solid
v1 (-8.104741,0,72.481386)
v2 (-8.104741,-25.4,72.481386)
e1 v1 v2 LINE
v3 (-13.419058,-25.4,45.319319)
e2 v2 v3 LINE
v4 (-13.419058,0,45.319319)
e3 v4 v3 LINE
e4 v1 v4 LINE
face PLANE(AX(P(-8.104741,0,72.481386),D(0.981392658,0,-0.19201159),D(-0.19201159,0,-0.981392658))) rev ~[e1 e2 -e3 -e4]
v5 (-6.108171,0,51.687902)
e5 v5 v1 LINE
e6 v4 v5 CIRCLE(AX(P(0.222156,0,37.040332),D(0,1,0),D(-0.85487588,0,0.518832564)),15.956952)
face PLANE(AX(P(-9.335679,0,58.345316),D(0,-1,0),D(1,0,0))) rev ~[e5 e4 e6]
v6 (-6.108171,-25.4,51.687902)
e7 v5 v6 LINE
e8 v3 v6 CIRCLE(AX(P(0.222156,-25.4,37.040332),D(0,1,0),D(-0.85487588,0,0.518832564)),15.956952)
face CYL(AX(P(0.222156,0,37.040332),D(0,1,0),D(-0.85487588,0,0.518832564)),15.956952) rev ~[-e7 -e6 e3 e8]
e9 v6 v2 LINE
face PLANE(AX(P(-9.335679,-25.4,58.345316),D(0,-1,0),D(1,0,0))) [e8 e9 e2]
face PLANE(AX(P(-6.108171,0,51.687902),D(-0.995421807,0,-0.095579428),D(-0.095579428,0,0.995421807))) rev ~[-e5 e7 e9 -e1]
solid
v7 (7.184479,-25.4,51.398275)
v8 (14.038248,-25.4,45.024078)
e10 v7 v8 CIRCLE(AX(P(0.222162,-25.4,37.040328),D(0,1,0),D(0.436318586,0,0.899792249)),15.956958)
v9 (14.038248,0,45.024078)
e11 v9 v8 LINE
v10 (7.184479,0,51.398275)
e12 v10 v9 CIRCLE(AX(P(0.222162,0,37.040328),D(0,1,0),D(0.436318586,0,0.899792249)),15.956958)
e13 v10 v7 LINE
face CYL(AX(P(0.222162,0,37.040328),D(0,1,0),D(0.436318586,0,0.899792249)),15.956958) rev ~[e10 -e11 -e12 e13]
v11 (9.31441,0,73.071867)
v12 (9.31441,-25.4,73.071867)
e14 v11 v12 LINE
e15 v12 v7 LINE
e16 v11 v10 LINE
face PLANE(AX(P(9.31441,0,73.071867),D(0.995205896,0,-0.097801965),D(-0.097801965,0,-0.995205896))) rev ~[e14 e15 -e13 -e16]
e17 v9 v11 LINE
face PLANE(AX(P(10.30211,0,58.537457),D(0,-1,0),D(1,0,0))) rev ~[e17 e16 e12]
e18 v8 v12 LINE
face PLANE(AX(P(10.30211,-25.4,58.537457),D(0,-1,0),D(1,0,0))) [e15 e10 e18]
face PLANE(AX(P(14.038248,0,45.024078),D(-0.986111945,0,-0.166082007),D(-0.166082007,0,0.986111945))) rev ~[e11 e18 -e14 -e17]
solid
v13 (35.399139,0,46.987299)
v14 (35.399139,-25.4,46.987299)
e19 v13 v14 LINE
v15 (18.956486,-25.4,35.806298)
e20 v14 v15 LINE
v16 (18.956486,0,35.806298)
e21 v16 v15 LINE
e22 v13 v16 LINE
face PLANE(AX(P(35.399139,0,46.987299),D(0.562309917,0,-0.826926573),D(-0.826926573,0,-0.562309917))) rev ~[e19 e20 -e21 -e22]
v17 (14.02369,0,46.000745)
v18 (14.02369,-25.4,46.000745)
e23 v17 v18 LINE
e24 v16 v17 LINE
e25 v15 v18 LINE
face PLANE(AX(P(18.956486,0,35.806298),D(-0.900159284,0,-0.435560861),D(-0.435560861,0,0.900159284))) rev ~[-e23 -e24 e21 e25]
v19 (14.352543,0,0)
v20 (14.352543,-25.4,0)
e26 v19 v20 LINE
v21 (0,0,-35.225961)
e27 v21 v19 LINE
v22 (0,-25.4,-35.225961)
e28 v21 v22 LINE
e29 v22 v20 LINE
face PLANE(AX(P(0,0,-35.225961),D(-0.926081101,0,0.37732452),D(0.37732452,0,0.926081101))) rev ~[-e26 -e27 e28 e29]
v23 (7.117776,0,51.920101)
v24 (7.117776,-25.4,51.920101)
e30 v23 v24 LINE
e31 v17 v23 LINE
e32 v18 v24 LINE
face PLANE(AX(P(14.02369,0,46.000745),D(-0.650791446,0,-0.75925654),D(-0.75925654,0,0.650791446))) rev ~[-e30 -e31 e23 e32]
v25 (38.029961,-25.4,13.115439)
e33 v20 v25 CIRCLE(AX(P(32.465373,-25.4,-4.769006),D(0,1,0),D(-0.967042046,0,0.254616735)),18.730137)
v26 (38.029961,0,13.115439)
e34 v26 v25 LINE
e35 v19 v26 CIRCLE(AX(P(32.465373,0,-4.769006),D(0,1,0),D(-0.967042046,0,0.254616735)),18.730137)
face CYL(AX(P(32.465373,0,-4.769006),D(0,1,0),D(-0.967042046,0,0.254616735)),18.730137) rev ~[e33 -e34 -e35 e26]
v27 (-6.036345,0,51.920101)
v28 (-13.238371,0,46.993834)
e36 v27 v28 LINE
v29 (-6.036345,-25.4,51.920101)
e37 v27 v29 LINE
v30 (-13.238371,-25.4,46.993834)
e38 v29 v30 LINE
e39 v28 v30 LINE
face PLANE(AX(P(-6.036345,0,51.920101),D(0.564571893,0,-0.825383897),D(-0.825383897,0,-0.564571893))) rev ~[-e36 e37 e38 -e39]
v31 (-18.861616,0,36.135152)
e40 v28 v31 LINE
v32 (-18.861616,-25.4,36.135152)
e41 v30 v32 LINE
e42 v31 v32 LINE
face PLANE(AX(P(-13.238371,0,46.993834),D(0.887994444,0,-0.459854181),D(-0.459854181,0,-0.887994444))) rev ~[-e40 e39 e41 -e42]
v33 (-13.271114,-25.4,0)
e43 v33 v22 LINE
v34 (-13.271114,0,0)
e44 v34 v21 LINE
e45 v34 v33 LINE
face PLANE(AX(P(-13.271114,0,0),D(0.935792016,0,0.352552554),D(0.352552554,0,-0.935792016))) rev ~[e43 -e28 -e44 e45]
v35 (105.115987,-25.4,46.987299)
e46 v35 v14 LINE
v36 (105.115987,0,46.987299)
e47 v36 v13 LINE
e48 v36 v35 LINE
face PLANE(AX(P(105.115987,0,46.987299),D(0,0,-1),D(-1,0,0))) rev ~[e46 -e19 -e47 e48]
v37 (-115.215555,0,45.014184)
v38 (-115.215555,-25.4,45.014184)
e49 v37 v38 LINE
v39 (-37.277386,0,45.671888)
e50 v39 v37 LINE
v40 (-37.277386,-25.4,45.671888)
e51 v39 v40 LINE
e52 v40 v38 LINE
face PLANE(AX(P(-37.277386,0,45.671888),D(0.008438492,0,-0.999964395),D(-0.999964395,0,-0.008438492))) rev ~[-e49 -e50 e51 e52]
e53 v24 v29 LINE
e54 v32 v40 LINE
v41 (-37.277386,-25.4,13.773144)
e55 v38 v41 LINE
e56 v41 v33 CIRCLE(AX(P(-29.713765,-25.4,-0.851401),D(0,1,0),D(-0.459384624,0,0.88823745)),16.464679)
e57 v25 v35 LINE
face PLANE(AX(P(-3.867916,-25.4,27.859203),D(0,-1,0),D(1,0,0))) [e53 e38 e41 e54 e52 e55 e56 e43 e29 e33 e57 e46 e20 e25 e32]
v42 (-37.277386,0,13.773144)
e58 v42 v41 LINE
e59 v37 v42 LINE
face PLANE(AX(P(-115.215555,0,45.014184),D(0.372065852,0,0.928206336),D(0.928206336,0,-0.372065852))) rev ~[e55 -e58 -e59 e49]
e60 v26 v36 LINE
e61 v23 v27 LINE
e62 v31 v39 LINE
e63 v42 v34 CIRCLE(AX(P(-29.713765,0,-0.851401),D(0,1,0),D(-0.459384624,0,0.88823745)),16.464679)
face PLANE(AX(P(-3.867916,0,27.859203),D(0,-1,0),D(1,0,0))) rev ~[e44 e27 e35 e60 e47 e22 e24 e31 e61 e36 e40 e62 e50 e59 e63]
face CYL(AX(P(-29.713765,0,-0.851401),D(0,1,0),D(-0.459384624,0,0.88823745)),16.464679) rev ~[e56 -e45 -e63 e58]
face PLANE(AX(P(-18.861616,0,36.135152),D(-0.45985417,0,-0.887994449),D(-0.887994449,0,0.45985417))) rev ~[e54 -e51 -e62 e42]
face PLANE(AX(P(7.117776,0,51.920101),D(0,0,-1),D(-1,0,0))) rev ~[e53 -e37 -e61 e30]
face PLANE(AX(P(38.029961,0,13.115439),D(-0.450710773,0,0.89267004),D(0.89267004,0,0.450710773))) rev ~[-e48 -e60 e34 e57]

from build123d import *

# Parameters (mm, degrees)
F1_DEPTH = 25.4
F3_DEPTH = 25.4


with BuildPart() as f1:
    # F0 (on Front) → F1 (new body)
    with BuildSketch(Plane.XZ):
        with BuildLine():
            ThreePointArc((7.184479, 51.398275), (11.089227, 48.724993), (14.038248, 45.024078))
            Line((14.038248, 45.024078), (9.31441, 73.071867))
            Line((9.31441, 73.071867), (7.184479, 51.398275))
        make_face()
        with BuildLine():
            ThreePointArc((-13.419058, 45.319319), (-10.259033, 49.072332), (-6.108171, 51.687902))
            Line((-6.108171, 51.687902), (-8.104741, 72.481386))
            Line((-8.104741, 72.481386), (-13.419058, 45.319319))
        make_face()
    extrude(amount=F1_DEPTH)


with BuildPart() as f3:
    # F2 (on Front) → F3 (new body)
    with BuildSketch(Plane.XZ):
        with BuildLine():
            Line((-18.861616, 36.135152), (-37.277386, 45.671888))
            Line((-37.277386, 45.671888), (-115.215555, 45.014184))
            Line((-115.215555, 45.014184), (-37.277386, 13.773144))
            ThreePointArc((-37.277386, 13.773144), (-21.520221, 13.429758), (-13.271114, 0))
            Line((-13.271114, 0), (0, -35.225961))
            Line((0, -35.225961), (14.352543, 0))
            ThreePointArc((14.352543, 0), (23.389676, 11.61543), (38.029961, 13.115439))
            Line((38.029961, 13.115439), (105.115987, 46.987299))
            Line((105.115987, 46.987299), (35.399139, 46.987299))
            Line((35.399139, 46.987299), (18.956486, 35.806298))
            Line((18.956486, 35.806298), (14.02369, 46.000745))
            Line((14.02369, 46.000745), (7.117776, 51.920101))
            Line((7.117776, 51.920101), (-6.036345, 51.920101))
            Line((-6.036345, 51.920101), (-13.238371, 46.993834))
            Line((-13.238371, 46.993834), (-18.861616, 36.135152))
        make_face()
    extrude(amount=F3_DEPTH)


solid = Compound([f1.part, f3.part])
